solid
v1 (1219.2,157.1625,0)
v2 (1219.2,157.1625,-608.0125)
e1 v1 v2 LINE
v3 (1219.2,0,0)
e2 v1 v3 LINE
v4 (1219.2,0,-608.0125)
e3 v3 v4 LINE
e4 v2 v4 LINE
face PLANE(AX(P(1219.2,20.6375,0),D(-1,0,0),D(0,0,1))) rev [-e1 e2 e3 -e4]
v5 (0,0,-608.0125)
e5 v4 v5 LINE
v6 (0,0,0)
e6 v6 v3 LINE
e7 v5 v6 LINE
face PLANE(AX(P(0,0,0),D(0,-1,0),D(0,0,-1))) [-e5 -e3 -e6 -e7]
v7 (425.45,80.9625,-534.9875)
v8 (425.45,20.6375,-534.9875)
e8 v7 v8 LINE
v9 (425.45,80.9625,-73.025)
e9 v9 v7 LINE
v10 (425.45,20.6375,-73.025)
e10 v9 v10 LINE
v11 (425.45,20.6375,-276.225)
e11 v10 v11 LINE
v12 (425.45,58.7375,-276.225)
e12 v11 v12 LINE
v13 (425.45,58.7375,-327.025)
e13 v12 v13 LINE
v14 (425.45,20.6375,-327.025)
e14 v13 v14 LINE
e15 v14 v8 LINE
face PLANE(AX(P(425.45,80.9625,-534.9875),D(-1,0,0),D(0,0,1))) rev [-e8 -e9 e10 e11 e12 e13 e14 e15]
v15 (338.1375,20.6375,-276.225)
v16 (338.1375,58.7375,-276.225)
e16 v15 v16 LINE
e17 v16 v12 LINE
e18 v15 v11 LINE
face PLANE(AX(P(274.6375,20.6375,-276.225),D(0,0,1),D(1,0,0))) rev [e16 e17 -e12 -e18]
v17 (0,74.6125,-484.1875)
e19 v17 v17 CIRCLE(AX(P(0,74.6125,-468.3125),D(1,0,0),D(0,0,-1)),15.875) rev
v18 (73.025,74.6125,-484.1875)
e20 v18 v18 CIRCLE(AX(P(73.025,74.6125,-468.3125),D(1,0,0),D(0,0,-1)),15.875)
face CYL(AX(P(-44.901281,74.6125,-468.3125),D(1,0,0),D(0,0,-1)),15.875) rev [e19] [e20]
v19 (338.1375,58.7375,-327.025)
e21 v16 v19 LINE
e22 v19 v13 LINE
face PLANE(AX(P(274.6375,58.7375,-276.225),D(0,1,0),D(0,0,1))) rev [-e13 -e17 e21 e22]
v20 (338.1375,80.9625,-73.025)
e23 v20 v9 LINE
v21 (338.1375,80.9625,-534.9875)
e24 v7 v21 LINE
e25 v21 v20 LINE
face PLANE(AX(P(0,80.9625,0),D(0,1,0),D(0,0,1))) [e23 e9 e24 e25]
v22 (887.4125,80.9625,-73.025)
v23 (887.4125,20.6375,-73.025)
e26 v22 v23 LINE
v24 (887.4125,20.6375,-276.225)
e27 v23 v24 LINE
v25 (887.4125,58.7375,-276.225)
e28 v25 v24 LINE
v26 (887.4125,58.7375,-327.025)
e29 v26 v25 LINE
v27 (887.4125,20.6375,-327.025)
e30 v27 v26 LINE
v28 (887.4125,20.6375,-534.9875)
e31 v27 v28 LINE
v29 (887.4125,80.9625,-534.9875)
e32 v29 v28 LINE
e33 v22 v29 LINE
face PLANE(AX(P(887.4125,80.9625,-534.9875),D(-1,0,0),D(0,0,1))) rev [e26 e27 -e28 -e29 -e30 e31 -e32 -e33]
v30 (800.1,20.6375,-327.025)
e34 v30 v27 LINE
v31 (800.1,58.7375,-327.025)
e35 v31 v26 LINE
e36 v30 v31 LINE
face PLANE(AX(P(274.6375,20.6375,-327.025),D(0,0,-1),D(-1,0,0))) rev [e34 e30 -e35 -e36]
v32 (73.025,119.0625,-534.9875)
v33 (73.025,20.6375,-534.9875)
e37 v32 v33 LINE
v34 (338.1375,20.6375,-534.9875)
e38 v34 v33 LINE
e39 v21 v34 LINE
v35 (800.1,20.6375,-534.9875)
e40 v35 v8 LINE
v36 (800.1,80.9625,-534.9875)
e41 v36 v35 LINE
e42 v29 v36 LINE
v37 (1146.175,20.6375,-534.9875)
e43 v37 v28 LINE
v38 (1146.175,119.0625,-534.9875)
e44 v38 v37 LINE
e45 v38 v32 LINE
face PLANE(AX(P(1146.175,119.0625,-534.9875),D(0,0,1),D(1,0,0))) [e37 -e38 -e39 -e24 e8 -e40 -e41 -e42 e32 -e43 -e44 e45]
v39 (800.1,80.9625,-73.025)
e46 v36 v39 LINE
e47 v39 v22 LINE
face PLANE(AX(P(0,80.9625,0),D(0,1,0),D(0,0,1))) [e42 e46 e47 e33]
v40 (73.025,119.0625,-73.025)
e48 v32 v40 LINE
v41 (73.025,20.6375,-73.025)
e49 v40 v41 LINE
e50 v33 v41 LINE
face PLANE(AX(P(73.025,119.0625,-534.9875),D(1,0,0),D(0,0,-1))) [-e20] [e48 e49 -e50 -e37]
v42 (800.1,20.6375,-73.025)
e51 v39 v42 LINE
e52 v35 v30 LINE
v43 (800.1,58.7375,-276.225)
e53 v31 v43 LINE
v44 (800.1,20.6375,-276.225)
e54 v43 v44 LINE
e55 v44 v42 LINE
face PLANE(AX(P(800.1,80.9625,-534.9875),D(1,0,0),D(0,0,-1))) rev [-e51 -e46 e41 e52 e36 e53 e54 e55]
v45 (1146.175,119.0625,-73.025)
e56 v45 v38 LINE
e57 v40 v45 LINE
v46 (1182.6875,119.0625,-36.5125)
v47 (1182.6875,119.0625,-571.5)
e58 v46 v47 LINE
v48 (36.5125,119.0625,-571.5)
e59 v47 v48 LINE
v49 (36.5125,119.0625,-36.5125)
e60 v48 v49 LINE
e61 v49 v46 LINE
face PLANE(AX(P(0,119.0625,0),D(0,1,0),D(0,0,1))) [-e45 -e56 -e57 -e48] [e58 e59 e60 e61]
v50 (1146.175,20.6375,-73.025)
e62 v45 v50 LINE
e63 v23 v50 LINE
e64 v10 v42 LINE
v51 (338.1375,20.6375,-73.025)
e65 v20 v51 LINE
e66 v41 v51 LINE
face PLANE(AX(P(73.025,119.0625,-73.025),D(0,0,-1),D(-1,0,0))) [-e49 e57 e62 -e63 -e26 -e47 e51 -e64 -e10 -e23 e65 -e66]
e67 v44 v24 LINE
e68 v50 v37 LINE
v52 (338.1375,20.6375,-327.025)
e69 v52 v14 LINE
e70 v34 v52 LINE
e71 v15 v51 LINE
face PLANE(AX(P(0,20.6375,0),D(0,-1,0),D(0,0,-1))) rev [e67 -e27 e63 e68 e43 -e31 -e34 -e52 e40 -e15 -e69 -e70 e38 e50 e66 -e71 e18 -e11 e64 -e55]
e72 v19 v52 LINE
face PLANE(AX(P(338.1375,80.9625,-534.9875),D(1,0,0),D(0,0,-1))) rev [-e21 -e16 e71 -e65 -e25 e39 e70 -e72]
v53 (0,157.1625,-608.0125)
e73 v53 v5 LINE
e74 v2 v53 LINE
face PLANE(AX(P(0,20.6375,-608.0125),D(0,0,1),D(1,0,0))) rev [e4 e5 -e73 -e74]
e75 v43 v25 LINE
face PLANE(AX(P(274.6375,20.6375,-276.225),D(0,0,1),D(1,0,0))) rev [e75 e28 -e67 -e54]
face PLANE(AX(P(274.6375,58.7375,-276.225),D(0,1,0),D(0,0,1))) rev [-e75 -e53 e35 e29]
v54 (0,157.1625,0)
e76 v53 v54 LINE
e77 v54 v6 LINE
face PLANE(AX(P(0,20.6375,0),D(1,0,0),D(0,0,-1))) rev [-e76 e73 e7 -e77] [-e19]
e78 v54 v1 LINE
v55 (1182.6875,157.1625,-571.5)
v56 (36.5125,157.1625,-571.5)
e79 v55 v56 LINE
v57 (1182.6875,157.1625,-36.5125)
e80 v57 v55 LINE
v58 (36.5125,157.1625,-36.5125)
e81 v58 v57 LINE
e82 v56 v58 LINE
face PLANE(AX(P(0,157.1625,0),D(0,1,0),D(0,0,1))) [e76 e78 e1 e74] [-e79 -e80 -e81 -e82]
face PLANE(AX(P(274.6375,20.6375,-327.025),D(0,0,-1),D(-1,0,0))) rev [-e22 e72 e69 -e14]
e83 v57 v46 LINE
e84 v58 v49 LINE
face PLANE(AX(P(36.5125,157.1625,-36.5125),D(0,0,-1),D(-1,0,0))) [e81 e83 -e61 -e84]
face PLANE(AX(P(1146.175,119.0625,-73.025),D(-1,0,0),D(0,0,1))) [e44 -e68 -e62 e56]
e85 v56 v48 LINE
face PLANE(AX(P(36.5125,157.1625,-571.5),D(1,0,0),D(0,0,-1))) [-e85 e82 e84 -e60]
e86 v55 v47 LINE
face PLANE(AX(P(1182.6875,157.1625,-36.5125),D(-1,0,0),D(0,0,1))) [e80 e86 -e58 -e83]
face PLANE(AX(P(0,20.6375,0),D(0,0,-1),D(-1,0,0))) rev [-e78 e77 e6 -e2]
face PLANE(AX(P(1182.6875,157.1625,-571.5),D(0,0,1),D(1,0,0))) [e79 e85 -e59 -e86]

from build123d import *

# Parameters (mm, degrees)
SKETCH3_W           = 1219.2
SKETCH3_H           = 608.0125
BOSS_EXTRUDE1_DEPTH = 20.6375
SKETCH4_W           = 1219.2
SKETCH4_H           = 608.0125
SKETCH4_W_2         = 1146.175
SKETCH4_H_2         = 534.9875
BOSS_EXTRUDE2_DEPTH = 136.525
SKETCH5_W           = 1146.175
SKETCH5_H           = 534.9875
SKETCH5_W_2         = 1073.15
SKETCH5_H_2         = 461.9625
BOSS_EXTRUDE3_DEPTH = 98.425
SKETCH6_W           = 87.3125
SKETCH6_H           = 461.9625
BOSS_EXTRUDE4_DEPTH = 60.325
SKETCH7_W           = 50.8
SKETCH7_H           = 38.1
CUT_EXTRUDE1_DEPTH  = 549.275
SKETCH8_R           = 15.875
CUT_EXTRUDE2_DEPTH  = 73.025


with BuildPart() as part:
    # Sketch3 → Boss-Extrude1 (new body)
    with BuildSketch(Plane(origin=(0, 0, 0), x_dir=(1, 0, 0), z_dir=(0, 1, 0))):
        with Locations((609.6, 304.00625)):
            Rectangle(SKETCH3_W, SKETCH3_H)
    extrude(amount=BOSS_EXTRUDE1_DEPTH)

    # Sketch4 → Boss-Extrude2 (add)
    with BuildSketch(Plane(origin=(0, 20.6375, 0), x_dir=(1, 0, 0), z_dir=(0, 1, 0))):
        with Locations((609.6, 304.00625)):
            Rectangle(SKETCH4_W, SKETCH4_H)
        with Locations((609.6, 304.00625)):
            Rectangle(SKETCH4_W_2, SKETCH4_H_2, mode=Mode.SUBTRACT)
    extrude(amount=BOSS_EXTRUDE2_DEPTH)

    # Sketch5 → Boss-Extrude3 (add)
    with BuildSketch(Plane(origin=(0, 20.6375, 0), x_dir=(1, 0, 0), z_dir=(0, 1, 0))):
        with Locations((609.6, 304.00625)):
            Rectangle(SKETCH5_W, SKETCH5_H)
        with Locations((609.6, 304.00625)):
            Rectangle(SKETCH5_W_2, SKETCH5_H_2, mode=Mode.SUBTRACT)
    extrude(amount=BOSS_EXTRUDE3_DEPTH)

    # Sketch6 → Boss-Extrude4 (add)
    with BuildSketch(Plane(origin=(0, 20.6375, 0), x_dir=(1, 0, 0), z_dir=(0, 1, 0))):
        with Locations((843.75625, 304.00625)):
            Rectangle(SKETCH6_W, SKETCH6_H)
        with Locations((381.79375, 304.00625)):
            Rectangle(SKETCH6_W, SKETCH6_H)
    extrude(amount=BOSS_EXTRUDE4_DEPTH)

    # Sketch7 → Cut-Extrude1 (cut)
    with BuildSketch(Plane(origin=(887.4125, 0, 0), x_dir=(0, 0, -1), z_dir=(1, 0, 0))):
        with Locations((301.625, 39.6875)):
            Rectangle(SKETCH7_W, SKETCH7_H)
    extrude(amount=-CUT_EXTRUDE1_DEPTH, mode=Mode.SUBTRACT)

    # Sketch8 → Cut-Extrude2 (cut)
    with BuildSketch(Plane(origin=(73.025, 0, 0), x_dir=(0, 0, -1), z_dir=(1, 0, 0))):
        with Locations((468.3125, 74.6125)):
            Circle(SKETCH8_R)
    extrude(amount=-CUT_EXTRUDE2_DEPTH, mode=Mode.SUBTRACT)


solid = part.part
